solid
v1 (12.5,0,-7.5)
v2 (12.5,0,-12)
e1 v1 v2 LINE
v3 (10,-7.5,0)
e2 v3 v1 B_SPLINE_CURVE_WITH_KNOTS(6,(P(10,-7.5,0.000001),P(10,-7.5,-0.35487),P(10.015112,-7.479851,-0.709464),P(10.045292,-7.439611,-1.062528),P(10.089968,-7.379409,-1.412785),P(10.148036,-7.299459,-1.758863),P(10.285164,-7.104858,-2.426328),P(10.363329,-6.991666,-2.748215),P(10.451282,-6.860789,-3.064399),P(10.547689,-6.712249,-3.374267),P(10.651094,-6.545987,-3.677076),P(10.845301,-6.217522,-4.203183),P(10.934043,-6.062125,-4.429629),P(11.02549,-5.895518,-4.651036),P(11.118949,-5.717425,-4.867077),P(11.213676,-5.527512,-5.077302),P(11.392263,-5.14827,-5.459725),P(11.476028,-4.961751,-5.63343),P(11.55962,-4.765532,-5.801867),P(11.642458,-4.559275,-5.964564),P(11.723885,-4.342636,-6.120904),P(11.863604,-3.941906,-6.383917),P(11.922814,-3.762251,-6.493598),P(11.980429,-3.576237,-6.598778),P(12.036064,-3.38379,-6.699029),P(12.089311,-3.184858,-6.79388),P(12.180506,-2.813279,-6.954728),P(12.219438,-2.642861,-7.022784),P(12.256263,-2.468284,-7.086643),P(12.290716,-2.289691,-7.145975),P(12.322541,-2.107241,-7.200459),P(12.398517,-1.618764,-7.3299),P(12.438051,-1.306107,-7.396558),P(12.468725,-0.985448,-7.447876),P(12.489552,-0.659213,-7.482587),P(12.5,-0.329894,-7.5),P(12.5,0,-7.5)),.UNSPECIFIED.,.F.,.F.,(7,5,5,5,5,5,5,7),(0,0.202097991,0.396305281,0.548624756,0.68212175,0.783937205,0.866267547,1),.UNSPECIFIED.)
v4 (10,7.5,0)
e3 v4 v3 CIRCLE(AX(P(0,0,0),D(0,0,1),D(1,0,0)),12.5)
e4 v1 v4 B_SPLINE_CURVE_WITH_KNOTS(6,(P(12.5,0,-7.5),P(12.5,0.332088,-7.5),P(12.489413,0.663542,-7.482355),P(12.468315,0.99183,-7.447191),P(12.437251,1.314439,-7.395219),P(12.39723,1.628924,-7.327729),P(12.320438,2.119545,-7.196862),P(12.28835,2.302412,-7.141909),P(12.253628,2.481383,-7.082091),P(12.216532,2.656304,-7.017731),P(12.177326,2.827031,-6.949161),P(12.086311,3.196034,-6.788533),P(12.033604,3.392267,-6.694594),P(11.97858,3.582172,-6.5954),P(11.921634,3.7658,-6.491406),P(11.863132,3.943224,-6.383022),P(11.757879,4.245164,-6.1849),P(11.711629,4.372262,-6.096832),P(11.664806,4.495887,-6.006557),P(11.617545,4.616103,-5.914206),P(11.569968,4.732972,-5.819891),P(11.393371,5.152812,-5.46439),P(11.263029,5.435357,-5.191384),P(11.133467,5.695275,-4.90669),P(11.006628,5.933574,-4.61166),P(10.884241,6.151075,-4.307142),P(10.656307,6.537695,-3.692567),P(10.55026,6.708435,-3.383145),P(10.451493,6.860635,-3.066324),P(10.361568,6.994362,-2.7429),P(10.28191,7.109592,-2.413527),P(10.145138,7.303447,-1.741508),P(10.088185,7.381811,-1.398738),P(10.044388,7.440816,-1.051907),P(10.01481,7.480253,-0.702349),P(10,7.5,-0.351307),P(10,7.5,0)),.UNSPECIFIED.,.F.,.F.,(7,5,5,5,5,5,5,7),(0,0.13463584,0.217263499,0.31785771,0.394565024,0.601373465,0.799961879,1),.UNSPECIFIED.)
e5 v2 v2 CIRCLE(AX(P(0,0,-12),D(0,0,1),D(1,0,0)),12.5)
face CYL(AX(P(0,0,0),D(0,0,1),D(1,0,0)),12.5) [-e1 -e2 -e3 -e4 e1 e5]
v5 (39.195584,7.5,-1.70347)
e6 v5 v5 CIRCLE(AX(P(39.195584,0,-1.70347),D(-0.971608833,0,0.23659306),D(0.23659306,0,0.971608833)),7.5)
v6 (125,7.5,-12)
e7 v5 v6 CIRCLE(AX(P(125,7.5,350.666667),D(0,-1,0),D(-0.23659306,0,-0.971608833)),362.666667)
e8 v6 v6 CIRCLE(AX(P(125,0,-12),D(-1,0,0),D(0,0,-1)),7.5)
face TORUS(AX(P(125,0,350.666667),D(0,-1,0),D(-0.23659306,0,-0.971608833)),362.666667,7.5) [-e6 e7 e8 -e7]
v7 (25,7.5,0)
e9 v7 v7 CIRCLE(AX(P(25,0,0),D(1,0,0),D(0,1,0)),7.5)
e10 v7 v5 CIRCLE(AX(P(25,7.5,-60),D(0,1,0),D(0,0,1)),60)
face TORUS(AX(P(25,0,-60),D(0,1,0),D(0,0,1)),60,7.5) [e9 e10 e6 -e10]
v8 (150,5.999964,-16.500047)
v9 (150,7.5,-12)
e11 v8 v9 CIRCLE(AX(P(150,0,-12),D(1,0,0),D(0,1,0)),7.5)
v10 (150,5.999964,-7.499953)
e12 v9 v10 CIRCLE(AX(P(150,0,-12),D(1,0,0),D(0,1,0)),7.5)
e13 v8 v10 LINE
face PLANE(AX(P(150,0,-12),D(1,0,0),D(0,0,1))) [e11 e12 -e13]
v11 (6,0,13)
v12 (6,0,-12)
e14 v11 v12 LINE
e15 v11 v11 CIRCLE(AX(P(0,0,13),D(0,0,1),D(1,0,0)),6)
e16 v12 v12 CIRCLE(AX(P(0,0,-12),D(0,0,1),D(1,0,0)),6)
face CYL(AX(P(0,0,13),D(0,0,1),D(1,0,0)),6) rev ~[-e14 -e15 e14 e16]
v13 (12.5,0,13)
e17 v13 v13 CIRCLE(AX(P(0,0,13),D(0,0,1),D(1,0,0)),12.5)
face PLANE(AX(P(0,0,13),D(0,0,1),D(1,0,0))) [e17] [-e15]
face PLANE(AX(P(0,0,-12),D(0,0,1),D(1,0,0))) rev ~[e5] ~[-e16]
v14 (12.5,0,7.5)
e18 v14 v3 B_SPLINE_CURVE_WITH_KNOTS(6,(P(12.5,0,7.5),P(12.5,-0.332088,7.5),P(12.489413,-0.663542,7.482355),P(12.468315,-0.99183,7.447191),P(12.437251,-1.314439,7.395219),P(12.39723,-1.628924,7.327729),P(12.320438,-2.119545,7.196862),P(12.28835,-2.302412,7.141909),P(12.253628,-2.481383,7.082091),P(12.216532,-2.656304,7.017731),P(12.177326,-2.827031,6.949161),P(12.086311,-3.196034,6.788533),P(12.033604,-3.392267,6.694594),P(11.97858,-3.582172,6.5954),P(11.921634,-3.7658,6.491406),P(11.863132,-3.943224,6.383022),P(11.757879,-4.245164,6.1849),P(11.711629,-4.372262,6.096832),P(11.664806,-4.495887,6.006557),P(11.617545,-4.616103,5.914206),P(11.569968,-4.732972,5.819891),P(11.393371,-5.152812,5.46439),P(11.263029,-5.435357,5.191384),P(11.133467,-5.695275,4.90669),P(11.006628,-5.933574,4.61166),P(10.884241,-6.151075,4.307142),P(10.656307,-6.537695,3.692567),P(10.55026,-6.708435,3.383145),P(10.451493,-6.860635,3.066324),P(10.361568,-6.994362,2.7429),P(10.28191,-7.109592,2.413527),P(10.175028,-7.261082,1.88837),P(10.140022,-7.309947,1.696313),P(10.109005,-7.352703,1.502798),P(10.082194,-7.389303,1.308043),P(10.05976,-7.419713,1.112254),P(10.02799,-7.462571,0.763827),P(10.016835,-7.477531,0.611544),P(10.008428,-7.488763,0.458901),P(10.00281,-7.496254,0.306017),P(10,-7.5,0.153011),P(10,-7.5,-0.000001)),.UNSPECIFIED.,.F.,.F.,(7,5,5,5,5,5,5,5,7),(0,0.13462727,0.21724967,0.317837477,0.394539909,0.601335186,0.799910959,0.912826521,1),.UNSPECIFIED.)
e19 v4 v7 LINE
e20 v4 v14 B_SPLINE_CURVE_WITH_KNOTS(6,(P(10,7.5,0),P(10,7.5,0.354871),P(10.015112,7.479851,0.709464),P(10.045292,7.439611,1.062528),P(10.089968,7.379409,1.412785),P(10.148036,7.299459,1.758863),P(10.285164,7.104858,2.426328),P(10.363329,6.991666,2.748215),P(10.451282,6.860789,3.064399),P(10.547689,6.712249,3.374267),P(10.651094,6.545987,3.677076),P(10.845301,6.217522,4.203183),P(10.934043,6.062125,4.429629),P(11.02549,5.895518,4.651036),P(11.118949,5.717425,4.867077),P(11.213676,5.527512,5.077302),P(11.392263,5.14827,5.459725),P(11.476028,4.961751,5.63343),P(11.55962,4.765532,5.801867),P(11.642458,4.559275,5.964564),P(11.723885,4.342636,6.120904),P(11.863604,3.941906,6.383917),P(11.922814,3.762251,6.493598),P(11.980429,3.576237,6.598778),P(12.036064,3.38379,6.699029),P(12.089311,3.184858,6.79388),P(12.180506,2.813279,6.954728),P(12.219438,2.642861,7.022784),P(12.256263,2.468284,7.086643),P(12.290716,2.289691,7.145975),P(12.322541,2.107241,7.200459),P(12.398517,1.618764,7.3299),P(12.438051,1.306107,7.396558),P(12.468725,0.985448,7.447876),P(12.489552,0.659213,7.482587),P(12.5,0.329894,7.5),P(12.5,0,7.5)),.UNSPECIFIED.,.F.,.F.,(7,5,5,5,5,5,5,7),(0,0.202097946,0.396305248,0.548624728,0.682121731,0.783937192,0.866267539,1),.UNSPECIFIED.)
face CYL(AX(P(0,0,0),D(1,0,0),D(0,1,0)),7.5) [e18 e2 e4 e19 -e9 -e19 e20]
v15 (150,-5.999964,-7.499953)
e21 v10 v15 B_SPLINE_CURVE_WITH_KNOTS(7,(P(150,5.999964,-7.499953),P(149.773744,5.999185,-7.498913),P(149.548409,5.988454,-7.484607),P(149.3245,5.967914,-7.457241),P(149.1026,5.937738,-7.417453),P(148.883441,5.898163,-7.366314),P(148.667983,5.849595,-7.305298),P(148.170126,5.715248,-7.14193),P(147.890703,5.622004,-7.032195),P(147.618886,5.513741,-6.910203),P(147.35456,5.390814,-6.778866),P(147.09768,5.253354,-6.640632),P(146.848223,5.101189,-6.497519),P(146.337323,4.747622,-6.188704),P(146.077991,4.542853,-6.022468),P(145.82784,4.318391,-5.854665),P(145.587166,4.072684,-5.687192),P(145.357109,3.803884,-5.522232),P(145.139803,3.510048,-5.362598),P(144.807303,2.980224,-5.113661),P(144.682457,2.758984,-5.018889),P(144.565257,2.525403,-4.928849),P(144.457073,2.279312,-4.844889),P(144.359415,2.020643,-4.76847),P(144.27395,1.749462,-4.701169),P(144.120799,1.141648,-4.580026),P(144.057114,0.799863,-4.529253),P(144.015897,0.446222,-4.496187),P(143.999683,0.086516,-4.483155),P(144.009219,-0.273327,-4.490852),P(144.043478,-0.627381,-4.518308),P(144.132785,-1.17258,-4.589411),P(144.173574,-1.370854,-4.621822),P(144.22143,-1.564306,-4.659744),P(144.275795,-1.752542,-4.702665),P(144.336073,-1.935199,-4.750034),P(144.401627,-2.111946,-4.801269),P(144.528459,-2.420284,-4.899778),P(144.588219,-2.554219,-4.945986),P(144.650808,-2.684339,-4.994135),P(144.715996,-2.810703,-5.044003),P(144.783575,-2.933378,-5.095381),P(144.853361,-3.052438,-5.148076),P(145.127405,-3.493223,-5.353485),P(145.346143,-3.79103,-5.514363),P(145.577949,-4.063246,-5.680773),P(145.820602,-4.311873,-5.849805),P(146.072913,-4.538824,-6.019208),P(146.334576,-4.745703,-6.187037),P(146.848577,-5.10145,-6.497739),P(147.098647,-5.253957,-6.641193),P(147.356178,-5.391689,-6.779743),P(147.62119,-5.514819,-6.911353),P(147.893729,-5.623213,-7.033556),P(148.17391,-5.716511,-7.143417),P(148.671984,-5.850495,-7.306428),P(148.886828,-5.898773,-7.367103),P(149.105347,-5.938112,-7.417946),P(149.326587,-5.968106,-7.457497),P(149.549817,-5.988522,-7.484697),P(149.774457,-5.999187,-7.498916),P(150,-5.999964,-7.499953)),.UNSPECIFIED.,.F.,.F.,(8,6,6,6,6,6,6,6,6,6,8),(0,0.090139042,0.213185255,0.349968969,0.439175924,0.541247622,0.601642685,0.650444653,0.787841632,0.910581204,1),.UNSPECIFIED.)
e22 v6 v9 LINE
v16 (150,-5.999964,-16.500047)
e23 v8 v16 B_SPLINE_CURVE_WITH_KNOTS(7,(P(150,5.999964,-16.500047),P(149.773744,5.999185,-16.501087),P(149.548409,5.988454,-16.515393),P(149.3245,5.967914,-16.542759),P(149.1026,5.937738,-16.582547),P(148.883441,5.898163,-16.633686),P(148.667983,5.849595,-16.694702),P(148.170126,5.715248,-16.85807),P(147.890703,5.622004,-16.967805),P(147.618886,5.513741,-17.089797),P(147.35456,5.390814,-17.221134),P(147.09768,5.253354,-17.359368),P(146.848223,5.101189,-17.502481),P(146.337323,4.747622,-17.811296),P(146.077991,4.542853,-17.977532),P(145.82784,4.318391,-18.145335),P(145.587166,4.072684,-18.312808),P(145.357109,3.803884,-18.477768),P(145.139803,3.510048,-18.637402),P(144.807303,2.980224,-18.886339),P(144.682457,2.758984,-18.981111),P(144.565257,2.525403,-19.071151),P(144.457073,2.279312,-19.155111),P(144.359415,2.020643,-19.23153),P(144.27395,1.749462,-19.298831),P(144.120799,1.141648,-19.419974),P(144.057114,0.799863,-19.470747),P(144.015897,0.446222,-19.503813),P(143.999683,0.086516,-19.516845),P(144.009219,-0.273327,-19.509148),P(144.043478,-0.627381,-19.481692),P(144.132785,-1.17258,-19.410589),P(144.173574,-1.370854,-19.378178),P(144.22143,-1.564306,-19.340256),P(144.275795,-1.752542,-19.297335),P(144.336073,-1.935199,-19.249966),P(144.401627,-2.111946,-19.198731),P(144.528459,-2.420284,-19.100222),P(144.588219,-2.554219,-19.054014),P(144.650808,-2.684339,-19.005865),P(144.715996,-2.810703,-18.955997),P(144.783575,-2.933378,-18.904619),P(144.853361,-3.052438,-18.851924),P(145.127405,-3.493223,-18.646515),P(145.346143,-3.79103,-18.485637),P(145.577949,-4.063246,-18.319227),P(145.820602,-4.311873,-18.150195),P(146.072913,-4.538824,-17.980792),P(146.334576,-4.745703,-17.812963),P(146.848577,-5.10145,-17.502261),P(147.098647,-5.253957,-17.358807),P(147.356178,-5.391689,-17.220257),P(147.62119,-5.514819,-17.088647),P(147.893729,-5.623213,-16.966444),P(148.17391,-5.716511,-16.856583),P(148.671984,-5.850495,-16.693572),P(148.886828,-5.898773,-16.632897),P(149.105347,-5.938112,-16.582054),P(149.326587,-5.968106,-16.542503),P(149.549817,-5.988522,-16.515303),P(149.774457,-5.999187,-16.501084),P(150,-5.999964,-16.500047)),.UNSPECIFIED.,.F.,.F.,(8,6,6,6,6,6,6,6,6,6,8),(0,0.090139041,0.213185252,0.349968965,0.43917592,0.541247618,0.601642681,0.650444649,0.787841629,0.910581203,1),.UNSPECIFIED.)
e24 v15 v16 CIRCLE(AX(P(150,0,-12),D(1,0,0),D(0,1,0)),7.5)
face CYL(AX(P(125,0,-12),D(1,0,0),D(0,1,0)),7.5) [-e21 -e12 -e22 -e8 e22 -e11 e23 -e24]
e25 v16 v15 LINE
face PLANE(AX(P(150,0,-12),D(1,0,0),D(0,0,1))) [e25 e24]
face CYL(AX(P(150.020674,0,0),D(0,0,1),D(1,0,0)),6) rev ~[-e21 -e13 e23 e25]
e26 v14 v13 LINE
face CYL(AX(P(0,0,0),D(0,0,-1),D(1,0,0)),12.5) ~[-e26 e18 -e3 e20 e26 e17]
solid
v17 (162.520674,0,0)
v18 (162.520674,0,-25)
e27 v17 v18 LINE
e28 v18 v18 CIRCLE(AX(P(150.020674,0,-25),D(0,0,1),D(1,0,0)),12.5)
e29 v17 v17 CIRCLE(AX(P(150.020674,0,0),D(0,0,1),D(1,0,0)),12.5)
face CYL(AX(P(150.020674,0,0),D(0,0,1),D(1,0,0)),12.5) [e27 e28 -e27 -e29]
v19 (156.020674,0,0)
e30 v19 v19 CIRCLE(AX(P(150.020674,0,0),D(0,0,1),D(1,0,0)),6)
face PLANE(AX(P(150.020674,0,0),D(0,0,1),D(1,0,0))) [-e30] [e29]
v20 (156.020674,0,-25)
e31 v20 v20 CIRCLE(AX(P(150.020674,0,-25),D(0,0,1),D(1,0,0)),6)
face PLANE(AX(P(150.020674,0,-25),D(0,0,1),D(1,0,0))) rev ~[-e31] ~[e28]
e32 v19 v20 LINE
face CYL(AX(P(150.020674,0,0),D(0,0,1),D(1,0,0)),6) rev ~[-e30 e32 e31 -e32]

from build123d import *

# Parameters (mm, degrees)
F1_R          = 7.5
F3_R          = 12.5
F4_DEPTH      = 13
F4_DEPTH_BACK = 12
F5_R          = 6
F6_DEPTH      = 32.5010001
F7_R          = 12.5
F8_DEPTH      = 25
F9_R          = 6
F10_DEPTH     = 25.001


with BuildPart() as f2:
    # F2: sweep along a path in F0
    with BuildLine(Plane.XZ) as f2_path:
        Line((0, 0), (25, 0))
        ThreePointArc((25, 0), (32.1487132371, -0.4273896908), (39.1955835962, -1.7034700315))
        ThreePointArc((39.1955835962, -1.7034700315), (81.789999989, -9.4166667579), (125, -12))
        Line((125, -12), (150, -12))
    # F1 (on Right) → F2 (sweep)
    with BuildSketch(Plane.YZ):
        Circle(F1_R)
    sweep(path=f2_path.line)

    # F3 (on Top) → F4 (join, two sides)
    with BuildSketch(Plane.XY) as f4_sk:
        Circle(F3_R)
    extrude(amount=F4_DEPTH)
    extrude(f4_sk.sketch, amount=-F4_DEPTH_BACK)

    # F5 (on face) → F6 (cut, through all)
    with BuildSketch(Plane.XY.offset(13)):
        Circle(F5_R)
    extrude(amount=-F6_DEPTH, mode=Mode.SUBTRACT)


with BuildPart() as f8:
    # F7 (on Top) → F8 (new body)
    with BuildSketch(Plane.XY):
        with Locations((150.020673871, 0)):
            Circle(F7_R)
    extrude(amount=-F8_DEPTH)


with BuildPart() as f10_tool:
    # F9 (on face) → F10 (new body, through all)
    with BuildSketch(Plane.XY):
        with Locations((150.020673871, 0)):
            Circle(F9_R)
    extrude(amount=-F10_DEPTH)


with BuildPart() as f2_1:
    add(f2.part)

    # F10: cut by f10_tool
    add(f10_tool.part, mode=Mode.SUBTRACT)


with BuildPart() as f8_1:
    add(f8.part)

    # F10: cut by f10_tool
    add(f10_tool.part, mode=Mode.SUBTRACT)


solid = Compound([f2_1.part, f8_1.part])
